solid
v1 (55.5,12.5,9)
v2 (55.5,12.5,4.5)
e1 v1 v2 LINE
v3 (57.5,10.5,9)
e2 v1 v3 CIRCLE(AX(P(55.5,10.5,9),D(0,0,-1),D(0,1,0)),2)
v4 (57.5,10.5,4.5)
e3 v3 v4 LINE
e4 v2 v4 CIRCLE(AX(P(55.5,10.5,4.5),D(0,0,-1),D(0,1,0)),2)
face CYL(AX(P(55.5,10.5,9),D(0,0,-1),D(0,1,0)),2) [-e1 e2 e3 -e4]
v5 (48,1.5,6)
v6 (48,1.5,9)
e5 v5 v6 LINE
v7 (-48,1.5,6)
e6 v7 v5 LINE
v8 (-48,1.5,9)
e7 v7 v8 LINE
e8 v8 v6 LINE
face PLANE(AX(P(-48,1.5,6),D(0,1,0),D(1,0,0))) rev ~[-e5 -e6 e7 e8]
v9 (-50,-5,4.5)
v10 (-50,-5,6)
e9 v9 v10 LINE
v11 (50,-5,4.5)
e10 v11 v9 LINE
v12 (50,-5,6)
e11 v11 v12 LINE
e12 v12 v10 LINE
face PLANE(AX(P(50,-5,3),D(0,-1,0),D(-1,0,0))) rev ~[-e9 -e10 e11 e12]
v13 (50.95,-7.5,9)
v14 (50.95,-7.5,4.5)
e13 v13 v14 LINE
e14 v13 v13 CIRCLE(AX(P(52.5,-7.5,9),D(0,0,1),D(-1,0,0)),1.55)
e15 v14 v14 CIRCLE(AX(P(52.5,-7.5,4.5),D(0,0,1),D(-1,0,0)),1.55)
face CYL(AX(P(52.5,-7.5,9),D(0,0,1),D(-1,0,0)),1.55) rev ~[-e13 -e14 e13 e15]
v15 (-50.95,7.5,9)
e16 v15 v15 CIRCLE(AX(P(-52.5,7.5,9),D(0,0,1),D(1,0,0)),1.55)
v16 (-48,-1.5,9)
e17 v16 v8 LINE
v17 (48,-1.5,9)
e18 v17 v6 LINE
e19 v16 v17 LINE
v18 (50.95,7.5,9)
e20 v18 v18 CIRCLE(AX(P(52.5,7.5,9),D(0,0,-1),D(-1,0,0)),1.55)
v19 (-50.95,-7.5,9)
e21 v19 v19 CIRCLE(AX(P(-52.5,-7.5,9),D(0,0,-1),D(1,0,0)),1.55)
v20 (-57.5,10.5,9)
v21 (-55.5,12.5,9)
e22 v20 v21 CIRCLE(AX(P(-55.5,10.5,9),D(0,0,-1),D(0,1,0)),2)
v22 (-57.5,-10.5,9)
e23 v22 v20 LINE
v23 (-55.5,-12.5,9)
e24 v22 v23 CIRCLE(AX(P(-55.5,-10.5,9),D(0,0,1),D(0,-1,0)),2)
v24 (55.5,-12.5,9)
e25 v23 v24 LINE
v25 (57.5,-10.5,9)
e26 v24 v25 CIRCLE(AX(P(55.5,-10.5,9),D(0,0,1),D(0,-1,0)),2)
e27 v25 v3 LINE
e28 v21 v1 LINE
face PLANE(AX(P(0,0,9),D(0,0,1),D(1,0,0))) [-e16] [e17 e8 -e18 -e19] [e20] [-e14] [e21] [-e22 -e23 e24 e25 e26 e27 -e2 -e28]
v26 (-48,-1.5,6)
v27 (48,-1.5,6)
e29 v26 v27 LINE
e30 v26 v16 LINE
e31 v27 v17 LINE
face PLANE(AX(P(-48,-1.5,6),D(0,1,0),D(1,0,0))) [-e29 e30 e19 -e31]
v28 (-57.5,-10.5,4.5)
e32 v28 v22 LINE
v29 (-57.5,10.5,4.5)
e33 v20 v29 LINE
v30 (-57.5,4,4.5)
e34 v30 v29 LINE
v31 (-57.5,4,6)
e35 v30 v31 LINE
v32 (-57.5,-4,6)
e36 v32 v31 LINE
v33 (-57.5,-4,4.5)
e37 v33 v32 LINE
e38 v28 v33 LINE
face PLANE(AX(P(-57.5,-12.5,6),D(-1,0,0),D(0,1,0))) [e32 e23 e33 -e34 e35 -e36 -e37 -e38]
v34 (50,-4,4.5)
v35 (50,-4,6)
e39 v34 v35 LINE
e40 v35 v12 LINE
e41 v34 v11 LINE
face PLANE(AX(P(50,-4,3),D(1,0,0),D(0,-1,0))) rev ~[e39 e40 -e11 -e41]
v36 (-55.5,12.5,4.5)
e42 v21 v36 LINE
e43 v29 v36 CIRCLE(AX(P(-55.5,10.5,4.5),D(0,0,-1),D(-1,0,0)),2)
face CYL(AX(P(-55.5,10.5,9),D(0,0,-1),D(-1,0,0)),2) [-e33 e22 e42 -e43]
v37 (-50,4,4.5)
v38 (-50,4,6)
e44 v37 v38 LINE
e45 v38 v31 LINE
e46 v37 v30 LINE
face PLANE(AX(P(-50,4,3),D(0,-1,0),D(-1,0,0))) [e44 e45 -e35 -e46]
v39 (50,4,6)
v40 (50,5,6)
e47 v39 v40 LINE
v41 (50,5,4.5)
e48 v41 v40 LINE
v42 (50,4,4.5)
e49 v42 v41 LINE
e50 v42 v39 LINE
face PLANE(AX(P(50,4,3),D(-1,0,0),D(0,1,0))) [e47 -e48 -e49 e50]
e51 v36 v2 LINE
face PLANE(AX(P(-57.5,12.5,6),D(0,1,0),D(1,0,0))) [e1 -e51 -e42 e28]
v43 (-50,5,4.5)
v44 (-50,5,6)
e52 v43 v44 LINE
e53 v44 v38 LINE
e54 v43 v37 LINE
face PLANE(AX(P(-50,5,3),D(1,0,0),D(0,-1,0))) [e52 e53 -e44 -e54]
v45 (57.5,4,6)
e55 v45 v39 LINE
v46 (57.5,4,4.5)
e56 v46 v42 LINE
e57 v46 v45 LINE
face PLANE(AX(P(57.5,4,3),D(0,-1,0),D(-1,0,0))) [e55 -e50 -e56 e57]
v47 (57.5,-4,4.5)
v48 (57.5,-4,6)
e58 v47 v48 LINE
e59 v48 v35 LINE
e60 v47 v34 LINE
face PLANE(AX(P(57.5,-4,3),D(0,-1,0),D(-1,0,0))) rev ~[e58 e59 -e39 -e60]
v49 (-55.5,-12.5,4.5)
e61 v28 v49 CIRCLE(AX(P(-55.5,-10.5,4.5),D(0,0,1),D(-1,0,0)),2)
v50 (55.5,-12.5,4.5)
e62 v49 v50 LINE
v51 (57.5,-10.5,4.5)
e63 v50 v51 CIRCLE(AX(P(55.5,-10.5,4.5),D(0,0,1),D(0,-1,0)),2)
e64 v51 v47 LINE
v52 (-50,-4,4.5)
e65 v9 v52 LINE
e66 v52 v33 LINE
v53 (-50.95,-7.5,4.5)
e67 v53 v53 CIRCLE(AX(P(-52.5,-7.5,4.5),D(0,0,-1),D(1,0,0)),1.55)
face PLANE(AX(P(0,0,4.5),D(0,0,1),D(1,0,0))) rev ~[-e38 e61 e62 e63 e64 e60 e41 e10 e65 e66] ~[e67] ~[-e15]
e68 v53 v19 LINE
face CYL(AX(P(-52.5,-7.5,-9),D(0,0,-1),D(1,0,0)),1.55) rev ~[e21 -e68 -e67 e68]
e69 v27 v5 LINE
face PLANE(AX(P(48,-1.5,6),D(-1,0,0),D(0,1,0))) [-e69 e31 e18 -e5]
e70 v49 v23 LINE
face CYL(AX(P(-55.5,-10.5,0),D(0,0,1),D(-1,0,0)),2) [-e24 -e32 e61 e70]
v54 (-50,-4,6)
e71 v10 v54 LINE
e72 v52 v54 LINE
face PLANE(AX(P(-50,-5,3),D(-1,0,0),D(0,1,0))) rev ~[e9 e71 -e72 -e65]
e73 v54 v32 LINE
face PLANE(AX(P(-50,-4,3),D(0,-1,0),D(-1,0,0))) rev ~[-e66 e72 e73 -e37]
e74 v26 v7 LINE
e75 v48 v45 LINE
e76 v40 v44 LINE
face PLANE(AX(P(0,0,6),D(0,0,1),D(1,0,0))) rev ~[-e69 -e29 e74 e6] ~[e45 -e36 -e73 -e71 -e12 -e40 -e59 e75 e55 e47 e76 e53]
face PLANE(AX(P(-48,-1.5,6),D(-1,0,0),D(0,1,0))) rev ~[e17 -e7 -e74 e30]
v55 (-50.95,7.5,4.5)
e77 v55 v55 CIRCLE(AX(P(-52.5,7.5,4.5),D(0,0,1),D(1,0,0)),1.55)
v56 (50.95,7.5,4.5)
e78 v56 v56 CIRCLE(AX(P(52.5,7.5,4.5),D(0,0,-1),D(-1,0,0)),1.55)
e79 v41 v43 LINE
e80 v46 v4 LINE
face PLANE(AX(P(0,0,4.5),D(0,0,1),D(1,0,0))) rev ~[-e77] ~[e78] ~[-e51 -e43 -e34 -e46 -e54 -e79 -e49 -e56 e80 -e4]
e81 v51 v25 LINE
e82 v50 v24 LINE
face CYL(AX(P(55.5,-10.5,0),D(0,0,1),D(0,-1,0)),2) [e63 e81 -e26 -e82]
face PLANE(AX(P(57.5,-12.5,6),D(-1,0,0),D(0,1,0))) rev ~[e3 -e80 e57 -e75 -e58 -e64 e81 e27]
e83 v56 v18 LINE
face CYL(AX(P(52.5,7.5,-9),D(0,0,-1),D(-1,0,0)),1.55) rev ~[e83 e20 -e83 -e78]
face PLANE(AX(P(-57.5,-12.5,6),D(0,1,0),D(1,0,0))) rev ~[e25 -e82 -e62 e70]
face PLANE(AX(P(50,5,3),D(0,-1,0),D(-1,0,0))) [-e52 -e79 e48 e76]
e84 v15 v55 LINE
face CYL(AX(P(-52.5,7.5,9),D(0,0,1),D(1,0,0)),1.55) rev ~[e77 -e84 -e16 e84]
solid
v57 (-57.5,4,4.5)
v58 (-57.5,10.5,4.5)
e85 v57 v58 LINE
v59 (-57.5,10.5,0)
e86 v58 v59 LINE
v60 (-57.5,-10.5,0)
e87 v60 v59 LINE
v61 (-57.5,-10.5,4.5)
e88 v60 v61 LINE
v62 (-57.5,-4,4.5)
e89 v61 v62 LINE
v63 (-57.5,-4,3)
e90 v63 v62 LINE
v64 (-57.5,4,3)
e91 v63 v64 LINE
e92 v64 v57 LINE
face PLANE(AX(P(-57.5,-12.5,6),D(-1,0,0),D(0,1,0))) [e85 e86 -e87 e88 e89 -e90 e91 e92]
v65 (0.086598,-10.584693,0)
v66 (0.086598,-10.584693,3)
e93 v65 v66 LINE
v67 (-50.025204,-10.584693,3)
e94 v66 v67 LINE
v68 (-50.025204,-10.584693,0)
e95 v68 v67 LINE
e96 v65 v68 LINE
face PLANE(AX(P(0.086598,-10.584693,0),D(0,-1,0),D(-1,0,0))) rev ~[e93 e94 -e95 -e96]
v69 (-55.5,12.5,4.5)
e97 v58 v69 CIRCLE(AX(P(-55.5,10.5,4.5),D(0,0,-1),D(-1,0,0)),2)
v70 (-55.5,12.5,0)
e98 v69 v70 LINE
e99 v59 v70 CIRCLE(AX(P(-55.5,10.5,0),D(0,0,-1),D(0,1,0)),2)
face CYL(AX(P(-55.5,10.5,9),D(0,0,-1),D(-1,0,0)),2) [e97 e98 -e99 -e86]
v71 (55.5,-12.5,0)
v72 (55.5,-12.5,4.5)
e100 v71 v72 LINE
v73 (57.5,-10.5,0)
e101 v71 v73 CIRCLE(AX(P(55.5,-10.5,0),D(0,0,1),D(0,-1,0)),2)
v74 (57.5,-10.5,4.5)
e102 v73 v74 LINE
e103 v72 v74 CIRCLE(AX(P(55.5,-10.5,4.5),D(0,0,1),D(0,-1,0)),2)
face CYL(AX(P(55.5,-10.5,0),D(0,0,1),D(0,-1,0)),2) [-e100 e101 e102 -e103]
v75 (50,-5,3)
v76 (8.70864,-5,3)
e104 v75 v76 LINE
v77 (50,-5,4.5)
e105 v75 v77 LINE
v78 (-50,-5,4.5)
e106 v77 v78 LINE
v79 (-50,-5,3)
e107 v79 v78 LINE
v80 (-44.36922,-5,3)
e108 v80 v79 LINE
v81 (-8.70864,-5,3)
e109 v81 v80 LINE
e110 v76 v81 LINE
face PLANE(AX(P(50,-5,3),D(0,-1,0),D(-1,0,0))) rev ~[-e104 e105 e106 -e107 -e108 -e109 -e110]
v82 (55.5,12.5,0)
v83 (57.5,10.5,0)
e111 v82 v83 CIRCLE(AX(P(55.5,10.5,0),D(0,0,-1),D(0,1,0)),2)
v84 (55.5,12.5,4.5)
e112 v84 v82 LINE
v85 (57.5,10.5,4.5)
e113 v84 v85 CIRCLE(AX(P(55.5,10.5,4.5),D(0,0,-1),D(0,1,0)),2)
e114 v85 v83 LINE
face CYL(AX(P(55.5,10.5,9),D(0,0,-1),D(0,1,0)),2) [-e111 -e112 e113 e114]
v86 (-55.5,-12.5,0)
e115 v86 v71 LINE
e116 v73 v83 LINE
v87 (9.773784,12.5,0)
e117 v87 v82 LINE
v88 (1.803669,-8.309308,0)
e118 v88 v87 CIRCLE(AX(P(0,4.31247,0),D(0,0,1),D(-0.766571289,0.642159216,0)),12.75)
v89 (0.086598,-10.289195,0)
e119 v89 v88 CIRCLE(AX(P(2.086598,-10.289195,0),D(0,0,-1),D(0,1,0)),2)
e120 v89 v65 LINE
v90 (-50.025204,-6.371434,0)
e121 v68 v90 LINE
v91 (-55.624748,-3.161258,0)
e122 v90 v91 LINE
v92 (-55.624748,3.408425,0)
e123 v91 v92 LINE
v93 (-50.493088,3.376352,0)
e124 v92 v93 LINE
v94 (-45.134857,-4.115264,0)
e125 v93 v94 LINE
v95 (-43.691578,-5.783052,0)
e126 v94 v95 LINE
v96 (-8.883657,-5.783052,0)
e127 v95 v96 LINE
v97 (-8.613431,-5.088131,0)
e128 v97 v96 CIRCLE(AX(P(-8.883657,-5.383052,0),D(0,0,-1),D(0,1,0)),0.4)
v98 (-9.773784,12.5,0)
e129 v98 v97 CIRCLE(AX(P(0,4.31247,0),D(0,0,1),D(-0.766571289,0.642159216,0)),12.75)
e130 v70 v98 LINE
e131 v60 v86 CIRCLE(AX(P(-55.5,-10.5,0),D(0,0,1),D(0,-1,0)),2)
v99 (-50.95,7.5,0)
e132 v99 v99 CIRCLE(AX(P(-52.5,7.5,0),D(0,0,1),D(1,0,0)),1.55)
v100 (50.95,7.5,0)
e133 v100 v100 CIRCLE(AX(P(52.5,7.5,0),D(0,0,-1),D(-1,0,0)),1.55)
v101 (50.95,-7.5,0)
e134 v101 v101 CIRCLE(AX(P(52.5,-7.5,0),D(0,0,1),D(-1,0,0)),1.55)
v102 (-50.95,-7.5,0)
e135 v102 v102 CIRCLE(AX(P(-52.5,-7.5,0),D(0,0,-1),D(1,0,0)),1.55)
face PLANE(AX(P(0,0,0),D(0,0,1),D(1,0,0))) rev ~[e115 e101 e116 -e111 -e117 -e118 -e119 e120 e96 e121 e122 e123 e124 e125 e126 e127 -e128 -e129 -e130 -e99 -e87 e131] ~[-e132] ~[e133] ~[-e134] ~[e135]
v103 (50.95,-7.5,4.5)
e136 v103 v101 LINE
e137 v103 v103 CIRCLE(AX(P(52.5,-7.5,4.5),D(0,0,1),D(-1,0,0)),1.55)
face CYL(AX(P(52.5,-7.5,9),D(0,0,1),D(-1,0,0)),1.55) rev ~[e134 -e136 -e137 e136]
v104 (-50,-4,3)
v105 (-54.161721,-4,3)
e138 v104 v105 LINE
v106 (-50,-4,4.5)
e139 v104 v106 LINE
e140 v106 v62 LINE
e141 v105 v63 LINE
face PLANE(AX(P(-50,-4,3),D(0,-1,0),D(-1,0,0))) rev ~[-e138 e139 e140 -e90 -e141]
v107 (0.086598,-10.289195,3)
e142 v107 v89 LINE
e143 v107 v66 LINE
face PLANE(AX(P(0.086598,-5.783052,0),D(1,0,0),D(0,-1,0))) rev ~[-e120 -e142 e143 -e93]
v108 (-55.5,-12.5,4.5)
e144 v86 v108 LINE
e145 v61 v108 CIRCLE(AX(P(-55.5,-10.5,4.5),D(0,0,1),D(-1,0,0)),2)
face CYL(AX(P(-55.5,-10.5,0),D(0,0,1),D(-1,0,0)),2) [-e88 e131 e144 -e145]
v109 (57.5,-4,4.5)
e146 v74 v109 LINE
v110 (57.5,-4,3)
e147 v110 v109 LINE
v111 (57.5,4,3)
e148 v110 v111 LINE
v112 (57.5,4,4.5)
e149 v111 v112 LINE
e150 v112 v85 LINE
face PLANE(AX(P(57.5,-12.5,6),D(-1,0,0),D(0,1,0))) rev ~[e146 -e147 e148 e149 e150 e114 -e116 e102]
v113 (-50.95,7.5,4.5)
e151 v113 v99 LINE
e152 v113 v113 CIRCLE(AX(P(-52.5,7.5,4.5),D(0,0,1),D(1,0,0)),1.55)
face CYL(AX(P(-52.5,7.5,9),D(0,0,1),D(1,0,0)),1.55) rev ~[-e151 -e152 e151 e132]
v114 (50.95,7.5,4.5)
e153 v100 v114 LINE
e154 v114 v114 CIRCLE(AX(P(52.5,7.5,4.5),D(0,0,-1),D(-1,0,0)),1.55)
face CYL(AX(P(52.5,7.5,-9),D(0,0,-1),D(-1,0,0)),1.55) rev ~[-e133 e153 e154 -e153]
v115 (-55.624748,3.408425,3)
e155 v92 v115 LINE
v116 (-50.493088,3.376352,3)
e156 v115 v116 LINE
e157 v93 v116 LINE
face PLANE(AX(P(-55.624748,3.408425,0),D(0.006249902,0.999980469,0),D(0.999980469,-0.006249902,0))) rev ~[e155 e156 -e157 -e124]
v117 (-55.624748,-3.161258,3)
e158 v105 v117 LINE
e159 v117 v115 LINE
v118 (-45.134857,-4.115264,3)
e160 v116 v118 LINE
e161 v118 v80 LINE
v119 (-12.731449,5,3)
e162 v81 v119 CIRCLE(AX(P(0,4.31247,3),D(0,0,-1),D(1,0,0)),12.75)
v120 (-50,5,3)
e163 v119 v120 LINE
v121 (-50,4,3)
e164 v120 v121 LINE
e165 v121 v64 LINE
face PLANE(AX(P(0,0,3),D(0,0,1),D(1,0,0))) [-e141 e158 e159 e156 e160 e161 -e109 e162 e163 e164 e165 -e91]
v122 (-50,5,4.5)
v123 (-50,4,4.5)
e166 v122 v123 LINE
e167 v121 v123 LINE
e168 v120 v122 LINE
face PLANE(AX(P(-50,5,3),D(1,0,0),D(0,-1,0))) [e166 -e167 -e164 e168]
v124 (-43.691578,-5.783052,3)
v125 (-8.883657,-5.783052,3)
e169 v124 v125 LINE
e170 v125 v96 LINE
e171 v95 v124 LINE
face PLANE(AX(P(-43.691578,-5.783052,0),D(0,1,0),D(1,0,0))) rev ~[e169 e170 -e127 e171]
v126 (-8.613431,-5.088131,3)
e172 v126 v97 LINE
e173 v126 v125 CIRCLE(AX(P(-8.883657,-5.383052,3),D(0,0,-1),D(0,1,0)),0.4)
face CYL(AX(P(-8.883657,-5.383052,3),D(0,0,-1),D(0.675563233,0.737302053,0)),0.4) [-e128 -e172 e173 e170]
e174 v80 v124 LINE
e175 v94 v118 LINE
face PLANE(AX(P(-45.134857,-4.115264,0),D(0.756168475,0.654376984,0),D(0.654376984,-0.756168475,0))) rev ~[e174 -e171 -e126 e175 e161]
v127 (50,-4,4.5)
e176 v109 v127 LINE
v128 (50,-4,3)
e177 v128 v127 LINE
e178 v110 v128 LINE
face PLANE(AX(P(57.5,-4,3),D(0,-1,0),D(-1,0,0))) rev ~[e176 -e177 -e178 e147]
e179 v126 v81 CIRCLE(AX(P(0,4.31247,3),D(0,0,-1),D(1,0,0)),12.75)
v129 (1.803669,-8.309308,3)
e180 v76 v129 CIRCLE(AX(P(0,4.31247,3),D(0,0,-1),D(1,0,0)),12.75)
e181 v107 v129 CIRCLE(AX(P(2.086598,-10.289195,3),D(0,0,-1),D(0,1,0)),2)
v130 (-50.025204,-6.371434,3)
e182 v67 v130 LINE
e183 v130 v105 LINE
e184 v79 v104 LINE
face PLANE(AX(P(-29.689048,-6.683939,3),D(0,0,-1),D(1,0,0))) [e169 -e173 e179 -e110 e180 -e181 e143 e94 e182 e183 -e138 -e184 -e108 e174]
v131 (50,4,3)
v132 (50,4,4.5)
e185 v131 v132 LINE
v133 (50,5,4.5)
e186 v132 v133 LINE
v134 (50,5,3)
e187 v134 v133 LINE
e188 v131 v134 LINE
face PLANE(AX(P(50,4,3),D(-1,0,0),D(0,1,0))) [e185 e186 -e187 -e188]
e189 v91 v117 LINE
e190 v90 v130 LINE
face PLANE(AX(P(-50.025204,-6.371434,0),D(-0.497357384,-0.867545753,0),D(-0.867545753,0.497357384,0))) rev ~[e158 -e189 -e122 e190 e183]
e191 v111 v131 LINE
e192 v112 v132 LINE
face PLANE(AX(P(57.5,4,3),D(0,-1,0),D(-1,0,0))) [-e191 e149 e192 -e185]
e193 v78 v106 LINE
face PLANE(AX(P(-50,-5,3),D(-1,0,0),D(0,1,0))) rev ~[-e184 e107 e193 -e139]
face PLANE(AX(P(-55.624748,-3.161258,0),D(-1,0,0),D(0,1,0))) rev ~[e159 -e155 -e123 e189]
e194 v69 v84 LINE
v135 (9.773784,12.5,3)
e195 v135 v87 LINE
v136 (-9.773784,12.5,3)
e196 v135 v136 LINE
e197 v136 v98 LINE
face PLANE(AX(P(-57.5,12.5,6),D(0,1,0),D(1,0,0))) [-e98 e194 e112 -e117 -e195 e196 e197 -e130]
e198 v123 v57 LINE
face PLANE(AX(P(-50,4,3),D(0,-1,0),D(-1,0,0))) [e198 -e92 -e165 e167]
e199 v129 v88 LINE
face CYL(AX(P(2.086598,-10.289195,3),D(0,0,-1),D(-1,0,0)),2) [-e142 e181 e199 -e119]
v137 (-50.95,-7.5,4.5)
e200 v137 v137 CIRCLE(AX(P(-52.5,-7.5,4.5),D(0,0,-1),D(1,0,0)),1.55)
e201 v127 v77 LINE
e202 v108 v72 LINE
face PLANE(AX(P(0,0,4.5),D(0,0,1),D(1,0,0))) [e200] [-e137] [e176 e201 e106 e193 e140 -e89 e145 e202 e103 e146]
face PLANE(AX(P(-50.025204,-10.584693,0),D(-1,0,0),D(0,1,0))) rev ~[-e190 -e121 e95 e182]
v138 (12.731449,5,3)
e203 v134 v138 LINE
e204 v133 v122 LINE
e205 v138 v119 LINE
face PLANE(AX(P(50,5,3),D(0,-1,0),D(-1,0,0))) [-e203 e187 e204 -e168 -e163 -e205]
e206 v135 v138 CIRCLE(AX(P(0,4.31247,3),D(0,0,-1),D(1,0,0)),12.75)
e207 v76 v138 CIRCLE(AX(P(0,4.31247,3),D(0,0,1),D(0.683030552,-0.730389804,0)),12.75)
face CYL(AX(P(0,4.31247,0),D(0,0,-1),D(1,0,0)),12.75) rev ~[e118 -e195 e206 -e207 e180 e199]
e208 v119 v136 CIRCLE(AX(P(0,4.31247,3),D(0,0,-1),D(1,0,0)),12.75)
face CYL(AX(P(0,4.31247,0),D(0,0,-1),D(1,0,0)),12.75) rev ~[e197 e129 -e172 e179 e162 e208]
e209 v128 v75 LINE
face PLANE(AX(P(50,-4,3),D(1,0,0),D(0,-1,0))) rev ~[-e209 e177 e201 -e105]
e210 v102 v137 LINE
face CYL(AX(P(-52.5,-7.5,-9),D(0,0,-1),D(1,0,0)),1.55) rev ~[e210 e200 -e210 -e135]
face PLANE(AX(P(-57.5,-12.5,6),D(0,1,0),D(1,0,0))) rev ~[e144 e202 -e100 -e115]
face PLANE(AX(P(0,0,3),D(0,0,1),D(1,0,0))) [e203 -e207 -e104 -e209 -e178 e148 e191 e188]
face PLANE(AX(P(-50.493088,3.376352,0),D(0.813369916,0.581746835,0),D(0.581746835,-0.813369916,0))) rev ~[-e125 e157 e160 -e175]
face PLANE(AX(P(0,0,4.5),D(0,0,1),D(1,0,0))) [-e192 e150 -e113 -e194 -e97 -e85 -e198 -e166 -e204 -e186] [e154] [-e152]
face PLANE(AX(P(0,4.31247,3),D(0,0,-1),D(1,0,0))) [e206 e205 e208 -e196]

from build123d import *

# Parameters (mm, degrees)
BOX_BOTTOM_HALF_0_W     = 117
BOX_BOTTOM_HALF_0_H     = 27
BOX_BOTTOM_HALF_0_DEPTH = 5.5
SKETCH_W                = 115
SKETCH_H                = 25
PAD_DEPTH               = 3
PAD001_DEPTH            = 3
SKETCH002_W             = 115
SKETCH002_H             = 25
SKETCH002_W_2           = 96
SKETCH002_H_2           = 3
PAD002_DEPTH            = 3
SKETCH003_R             = 1.55
POCKET_DEPTH            = 245.060315
POLARPATTERN_COUNT      = 2
POLARPATTERN001_COUNT   = 2
POLARPATTERN002_COUNT   = 2
FILLET_R                = 2
SKETCH004_R             = 12.75
POCKET001_DEPTH         = 3
POCKET002_DEPTH         = 3
FILLET001_R             = 0.4
FILLET002_R             = 2


with BuildPart() as box_bottom_half_0_body:
    # box_bottom_half_0 → box_bottom_half_0 (new body)
    with BuildSketch(Plane(origin=(-58.5, -13.5, -1), x_dir=(1, 0, 0), z_dir=(0, 0, 1))):
        with Locations((58.5, 13.5)):
            Rectangle(BOX_BOTTOM_HALF_0_W, BOX_BOTTOM_HALF_0_H)
    extrude(amount=BOX_BOTTOM_HALF_0_DEPTH)


with BuildPart() as body:
    # Sketch → Pad (new body)
    with BuildSketch(Plane.XY):
        Rectangle(SKETCH_W, SKETCH_H)
    extrude(amount=PAD_DEPTH)

    # Sketch001 (on Face6 of Pad) → Pad001 (join)
    with BuildSketch(Plane.XY.offset(3)):
        Polygon((-57.5, 12.5), (57.5, 12.5), (57.5, 4), (50, 4), (50, 5), (-50, 5), (-50, 4), (-57.5, 4), align=None)
        Polygon((-57.5, -12.5), (57.5, -12.5), (57.5, -4), (50, -4), (50, -5), (-50, -5), (-50, -4), (-57.5, -4), align=None)
    extrude(amount=PAD001_DEPTH)

    # Sketch002 (on Face12 of Pad001) → Pad002 (join)
    with BuildSketch(Plane.XY.offset(6)):
        Rectangle(SKETCH002_W, SKETCH002_H)
        Rectangle(SKETCH002_W_2, SKETCH002_H_2, mode=Mode.SUBTRACT)
    extrude(amount=PAD002_DEPTH)

    # Sketch003 (on Face26 of Pad002) → Pocket (cut, through all)
    with BuildSketch(Plane.XY.offset(9)):
        with Locations((-52.5, 7.5)):
            Circle(SKETCH003_R)
    pocket = extrude(amount=-POCKET_DEPTH, mode=Mode.SUBTRACT)

    # PolarPattern: Pocket ×2 about axis
    polarpattern_axis = Axis((0, 0, 0), (0, 1, 0))
    for i in range(1, POLARPATTERN_COUNT):
        add(pocket.rotate(polarpattern_axis, i * 360 / POLARPATTERN_COUNT), mode=Mode.SUBTRACT)

    # PolarPattern001: Pocket ×2 about axis
    polarpattern001_axis = Axis((0, 0, 0), (1, 0, 0))
    for i in range(1, POLARPATTERN001_COUNT):
        add(pocket.rotate(polarpattern001_axis, i * 360 / POLARPATTERN001_COUNT), mode=Mode.SUBTRACT)

    # PolarPattern002: Pocket ×2 about axis
    polarpattern002_axis = Axis((0, 0, 9), (0, 0, 1))
    for i in range(1, POLARPATTERN002_COUNT):
        add(pocket.rotate(polarpattern002_axis, i * 360 / POLARPATTERN002_COUNT), mode=Mode.SUBTRACT)

    # Fillet
    fillet_edges = [body.edges().sort_by_distance(p)[0] for p in [
        (57.5, 12.5, 7.5),
        (57.5, 12.5, 4.5),
        (57.5, 12.5, 1.5),
        (57.5, -12.5, 7.5),
        (-57.5, 12.5, 7.5),
        (-57.5, -12.5, 7.5),
    ]]
    fillet(fillet_edges, radius=FILLET_R)

    # Sketch004 (on Face2 of Fillet) → Pocket001 (cut)
    with BuildSketch(Plane(origin=(0, 0, 0), x_dir=(1, 0, 0), z_dir=(0, 0, -1))):
        with Locations((0, -4.31247)):
            Circle(SKETCH004_R)
    extrude(amount=-POCKET001_DEPTH, mode=Mode.SUBTRACT)

    # Sketch005 (on Face2 of Pocket001) → Pocket002 (cut)
    with BuildSketch(Plane(origin=(0, 0, 0), x_dir=(1, 0, 0), z_dir=(0, 0, -1))):
        Polygon((0.086598, 10.584693), (-50.025204, 10.584693), (-50.025204, 6.371434), (-55.624748, 3.161258), (-55.624748, -3.408425), (-50.493088, -3.376352), (-45.134857, 4.115264), (-43.691578, 5.783052), (0.086598, 5.783052), align=None)
    extrude(amount=-POCKET002_DEPTH, mode=Mode.SUBTRACT)

    # Fillet001
    fillet001_edges = [body.edges().sort_by_distance(p)[0] for p in [
        (-7.787357, -5.783052, 1.5),
    ]]
    fillet(fillet001_edges, radius=FILLET001_R)

    # Fillet002
    fillet002_edges = [body.edges().sort_by_distance(p)[0] for p in [
        (0.086598, -8.437236, 1.5),
    ]]
    fillet(fillet002_edges, radius=FILLET002_R)


with BuildPart() as bottom_half_0_body:
    # bottom_half_0 base: copy of Body
    add(body.part)

    # bottom_half_0: intersect box_bottom_half_0 body
    add(box_bottom_half_0_body.part, mode=Mode.INTERSECT)


with BuildPart() as top_half_0_body:
    # top_half_0 base: copy of Body
    add(body.part)

    # top_half_0: cut box_bottom_half_0 body
    add(box_bottom_half_0_body.part, mode=Mode.SUBTRACT)


solid = Compound([bottom_half_0_body.part, top_half_0_body.part])
